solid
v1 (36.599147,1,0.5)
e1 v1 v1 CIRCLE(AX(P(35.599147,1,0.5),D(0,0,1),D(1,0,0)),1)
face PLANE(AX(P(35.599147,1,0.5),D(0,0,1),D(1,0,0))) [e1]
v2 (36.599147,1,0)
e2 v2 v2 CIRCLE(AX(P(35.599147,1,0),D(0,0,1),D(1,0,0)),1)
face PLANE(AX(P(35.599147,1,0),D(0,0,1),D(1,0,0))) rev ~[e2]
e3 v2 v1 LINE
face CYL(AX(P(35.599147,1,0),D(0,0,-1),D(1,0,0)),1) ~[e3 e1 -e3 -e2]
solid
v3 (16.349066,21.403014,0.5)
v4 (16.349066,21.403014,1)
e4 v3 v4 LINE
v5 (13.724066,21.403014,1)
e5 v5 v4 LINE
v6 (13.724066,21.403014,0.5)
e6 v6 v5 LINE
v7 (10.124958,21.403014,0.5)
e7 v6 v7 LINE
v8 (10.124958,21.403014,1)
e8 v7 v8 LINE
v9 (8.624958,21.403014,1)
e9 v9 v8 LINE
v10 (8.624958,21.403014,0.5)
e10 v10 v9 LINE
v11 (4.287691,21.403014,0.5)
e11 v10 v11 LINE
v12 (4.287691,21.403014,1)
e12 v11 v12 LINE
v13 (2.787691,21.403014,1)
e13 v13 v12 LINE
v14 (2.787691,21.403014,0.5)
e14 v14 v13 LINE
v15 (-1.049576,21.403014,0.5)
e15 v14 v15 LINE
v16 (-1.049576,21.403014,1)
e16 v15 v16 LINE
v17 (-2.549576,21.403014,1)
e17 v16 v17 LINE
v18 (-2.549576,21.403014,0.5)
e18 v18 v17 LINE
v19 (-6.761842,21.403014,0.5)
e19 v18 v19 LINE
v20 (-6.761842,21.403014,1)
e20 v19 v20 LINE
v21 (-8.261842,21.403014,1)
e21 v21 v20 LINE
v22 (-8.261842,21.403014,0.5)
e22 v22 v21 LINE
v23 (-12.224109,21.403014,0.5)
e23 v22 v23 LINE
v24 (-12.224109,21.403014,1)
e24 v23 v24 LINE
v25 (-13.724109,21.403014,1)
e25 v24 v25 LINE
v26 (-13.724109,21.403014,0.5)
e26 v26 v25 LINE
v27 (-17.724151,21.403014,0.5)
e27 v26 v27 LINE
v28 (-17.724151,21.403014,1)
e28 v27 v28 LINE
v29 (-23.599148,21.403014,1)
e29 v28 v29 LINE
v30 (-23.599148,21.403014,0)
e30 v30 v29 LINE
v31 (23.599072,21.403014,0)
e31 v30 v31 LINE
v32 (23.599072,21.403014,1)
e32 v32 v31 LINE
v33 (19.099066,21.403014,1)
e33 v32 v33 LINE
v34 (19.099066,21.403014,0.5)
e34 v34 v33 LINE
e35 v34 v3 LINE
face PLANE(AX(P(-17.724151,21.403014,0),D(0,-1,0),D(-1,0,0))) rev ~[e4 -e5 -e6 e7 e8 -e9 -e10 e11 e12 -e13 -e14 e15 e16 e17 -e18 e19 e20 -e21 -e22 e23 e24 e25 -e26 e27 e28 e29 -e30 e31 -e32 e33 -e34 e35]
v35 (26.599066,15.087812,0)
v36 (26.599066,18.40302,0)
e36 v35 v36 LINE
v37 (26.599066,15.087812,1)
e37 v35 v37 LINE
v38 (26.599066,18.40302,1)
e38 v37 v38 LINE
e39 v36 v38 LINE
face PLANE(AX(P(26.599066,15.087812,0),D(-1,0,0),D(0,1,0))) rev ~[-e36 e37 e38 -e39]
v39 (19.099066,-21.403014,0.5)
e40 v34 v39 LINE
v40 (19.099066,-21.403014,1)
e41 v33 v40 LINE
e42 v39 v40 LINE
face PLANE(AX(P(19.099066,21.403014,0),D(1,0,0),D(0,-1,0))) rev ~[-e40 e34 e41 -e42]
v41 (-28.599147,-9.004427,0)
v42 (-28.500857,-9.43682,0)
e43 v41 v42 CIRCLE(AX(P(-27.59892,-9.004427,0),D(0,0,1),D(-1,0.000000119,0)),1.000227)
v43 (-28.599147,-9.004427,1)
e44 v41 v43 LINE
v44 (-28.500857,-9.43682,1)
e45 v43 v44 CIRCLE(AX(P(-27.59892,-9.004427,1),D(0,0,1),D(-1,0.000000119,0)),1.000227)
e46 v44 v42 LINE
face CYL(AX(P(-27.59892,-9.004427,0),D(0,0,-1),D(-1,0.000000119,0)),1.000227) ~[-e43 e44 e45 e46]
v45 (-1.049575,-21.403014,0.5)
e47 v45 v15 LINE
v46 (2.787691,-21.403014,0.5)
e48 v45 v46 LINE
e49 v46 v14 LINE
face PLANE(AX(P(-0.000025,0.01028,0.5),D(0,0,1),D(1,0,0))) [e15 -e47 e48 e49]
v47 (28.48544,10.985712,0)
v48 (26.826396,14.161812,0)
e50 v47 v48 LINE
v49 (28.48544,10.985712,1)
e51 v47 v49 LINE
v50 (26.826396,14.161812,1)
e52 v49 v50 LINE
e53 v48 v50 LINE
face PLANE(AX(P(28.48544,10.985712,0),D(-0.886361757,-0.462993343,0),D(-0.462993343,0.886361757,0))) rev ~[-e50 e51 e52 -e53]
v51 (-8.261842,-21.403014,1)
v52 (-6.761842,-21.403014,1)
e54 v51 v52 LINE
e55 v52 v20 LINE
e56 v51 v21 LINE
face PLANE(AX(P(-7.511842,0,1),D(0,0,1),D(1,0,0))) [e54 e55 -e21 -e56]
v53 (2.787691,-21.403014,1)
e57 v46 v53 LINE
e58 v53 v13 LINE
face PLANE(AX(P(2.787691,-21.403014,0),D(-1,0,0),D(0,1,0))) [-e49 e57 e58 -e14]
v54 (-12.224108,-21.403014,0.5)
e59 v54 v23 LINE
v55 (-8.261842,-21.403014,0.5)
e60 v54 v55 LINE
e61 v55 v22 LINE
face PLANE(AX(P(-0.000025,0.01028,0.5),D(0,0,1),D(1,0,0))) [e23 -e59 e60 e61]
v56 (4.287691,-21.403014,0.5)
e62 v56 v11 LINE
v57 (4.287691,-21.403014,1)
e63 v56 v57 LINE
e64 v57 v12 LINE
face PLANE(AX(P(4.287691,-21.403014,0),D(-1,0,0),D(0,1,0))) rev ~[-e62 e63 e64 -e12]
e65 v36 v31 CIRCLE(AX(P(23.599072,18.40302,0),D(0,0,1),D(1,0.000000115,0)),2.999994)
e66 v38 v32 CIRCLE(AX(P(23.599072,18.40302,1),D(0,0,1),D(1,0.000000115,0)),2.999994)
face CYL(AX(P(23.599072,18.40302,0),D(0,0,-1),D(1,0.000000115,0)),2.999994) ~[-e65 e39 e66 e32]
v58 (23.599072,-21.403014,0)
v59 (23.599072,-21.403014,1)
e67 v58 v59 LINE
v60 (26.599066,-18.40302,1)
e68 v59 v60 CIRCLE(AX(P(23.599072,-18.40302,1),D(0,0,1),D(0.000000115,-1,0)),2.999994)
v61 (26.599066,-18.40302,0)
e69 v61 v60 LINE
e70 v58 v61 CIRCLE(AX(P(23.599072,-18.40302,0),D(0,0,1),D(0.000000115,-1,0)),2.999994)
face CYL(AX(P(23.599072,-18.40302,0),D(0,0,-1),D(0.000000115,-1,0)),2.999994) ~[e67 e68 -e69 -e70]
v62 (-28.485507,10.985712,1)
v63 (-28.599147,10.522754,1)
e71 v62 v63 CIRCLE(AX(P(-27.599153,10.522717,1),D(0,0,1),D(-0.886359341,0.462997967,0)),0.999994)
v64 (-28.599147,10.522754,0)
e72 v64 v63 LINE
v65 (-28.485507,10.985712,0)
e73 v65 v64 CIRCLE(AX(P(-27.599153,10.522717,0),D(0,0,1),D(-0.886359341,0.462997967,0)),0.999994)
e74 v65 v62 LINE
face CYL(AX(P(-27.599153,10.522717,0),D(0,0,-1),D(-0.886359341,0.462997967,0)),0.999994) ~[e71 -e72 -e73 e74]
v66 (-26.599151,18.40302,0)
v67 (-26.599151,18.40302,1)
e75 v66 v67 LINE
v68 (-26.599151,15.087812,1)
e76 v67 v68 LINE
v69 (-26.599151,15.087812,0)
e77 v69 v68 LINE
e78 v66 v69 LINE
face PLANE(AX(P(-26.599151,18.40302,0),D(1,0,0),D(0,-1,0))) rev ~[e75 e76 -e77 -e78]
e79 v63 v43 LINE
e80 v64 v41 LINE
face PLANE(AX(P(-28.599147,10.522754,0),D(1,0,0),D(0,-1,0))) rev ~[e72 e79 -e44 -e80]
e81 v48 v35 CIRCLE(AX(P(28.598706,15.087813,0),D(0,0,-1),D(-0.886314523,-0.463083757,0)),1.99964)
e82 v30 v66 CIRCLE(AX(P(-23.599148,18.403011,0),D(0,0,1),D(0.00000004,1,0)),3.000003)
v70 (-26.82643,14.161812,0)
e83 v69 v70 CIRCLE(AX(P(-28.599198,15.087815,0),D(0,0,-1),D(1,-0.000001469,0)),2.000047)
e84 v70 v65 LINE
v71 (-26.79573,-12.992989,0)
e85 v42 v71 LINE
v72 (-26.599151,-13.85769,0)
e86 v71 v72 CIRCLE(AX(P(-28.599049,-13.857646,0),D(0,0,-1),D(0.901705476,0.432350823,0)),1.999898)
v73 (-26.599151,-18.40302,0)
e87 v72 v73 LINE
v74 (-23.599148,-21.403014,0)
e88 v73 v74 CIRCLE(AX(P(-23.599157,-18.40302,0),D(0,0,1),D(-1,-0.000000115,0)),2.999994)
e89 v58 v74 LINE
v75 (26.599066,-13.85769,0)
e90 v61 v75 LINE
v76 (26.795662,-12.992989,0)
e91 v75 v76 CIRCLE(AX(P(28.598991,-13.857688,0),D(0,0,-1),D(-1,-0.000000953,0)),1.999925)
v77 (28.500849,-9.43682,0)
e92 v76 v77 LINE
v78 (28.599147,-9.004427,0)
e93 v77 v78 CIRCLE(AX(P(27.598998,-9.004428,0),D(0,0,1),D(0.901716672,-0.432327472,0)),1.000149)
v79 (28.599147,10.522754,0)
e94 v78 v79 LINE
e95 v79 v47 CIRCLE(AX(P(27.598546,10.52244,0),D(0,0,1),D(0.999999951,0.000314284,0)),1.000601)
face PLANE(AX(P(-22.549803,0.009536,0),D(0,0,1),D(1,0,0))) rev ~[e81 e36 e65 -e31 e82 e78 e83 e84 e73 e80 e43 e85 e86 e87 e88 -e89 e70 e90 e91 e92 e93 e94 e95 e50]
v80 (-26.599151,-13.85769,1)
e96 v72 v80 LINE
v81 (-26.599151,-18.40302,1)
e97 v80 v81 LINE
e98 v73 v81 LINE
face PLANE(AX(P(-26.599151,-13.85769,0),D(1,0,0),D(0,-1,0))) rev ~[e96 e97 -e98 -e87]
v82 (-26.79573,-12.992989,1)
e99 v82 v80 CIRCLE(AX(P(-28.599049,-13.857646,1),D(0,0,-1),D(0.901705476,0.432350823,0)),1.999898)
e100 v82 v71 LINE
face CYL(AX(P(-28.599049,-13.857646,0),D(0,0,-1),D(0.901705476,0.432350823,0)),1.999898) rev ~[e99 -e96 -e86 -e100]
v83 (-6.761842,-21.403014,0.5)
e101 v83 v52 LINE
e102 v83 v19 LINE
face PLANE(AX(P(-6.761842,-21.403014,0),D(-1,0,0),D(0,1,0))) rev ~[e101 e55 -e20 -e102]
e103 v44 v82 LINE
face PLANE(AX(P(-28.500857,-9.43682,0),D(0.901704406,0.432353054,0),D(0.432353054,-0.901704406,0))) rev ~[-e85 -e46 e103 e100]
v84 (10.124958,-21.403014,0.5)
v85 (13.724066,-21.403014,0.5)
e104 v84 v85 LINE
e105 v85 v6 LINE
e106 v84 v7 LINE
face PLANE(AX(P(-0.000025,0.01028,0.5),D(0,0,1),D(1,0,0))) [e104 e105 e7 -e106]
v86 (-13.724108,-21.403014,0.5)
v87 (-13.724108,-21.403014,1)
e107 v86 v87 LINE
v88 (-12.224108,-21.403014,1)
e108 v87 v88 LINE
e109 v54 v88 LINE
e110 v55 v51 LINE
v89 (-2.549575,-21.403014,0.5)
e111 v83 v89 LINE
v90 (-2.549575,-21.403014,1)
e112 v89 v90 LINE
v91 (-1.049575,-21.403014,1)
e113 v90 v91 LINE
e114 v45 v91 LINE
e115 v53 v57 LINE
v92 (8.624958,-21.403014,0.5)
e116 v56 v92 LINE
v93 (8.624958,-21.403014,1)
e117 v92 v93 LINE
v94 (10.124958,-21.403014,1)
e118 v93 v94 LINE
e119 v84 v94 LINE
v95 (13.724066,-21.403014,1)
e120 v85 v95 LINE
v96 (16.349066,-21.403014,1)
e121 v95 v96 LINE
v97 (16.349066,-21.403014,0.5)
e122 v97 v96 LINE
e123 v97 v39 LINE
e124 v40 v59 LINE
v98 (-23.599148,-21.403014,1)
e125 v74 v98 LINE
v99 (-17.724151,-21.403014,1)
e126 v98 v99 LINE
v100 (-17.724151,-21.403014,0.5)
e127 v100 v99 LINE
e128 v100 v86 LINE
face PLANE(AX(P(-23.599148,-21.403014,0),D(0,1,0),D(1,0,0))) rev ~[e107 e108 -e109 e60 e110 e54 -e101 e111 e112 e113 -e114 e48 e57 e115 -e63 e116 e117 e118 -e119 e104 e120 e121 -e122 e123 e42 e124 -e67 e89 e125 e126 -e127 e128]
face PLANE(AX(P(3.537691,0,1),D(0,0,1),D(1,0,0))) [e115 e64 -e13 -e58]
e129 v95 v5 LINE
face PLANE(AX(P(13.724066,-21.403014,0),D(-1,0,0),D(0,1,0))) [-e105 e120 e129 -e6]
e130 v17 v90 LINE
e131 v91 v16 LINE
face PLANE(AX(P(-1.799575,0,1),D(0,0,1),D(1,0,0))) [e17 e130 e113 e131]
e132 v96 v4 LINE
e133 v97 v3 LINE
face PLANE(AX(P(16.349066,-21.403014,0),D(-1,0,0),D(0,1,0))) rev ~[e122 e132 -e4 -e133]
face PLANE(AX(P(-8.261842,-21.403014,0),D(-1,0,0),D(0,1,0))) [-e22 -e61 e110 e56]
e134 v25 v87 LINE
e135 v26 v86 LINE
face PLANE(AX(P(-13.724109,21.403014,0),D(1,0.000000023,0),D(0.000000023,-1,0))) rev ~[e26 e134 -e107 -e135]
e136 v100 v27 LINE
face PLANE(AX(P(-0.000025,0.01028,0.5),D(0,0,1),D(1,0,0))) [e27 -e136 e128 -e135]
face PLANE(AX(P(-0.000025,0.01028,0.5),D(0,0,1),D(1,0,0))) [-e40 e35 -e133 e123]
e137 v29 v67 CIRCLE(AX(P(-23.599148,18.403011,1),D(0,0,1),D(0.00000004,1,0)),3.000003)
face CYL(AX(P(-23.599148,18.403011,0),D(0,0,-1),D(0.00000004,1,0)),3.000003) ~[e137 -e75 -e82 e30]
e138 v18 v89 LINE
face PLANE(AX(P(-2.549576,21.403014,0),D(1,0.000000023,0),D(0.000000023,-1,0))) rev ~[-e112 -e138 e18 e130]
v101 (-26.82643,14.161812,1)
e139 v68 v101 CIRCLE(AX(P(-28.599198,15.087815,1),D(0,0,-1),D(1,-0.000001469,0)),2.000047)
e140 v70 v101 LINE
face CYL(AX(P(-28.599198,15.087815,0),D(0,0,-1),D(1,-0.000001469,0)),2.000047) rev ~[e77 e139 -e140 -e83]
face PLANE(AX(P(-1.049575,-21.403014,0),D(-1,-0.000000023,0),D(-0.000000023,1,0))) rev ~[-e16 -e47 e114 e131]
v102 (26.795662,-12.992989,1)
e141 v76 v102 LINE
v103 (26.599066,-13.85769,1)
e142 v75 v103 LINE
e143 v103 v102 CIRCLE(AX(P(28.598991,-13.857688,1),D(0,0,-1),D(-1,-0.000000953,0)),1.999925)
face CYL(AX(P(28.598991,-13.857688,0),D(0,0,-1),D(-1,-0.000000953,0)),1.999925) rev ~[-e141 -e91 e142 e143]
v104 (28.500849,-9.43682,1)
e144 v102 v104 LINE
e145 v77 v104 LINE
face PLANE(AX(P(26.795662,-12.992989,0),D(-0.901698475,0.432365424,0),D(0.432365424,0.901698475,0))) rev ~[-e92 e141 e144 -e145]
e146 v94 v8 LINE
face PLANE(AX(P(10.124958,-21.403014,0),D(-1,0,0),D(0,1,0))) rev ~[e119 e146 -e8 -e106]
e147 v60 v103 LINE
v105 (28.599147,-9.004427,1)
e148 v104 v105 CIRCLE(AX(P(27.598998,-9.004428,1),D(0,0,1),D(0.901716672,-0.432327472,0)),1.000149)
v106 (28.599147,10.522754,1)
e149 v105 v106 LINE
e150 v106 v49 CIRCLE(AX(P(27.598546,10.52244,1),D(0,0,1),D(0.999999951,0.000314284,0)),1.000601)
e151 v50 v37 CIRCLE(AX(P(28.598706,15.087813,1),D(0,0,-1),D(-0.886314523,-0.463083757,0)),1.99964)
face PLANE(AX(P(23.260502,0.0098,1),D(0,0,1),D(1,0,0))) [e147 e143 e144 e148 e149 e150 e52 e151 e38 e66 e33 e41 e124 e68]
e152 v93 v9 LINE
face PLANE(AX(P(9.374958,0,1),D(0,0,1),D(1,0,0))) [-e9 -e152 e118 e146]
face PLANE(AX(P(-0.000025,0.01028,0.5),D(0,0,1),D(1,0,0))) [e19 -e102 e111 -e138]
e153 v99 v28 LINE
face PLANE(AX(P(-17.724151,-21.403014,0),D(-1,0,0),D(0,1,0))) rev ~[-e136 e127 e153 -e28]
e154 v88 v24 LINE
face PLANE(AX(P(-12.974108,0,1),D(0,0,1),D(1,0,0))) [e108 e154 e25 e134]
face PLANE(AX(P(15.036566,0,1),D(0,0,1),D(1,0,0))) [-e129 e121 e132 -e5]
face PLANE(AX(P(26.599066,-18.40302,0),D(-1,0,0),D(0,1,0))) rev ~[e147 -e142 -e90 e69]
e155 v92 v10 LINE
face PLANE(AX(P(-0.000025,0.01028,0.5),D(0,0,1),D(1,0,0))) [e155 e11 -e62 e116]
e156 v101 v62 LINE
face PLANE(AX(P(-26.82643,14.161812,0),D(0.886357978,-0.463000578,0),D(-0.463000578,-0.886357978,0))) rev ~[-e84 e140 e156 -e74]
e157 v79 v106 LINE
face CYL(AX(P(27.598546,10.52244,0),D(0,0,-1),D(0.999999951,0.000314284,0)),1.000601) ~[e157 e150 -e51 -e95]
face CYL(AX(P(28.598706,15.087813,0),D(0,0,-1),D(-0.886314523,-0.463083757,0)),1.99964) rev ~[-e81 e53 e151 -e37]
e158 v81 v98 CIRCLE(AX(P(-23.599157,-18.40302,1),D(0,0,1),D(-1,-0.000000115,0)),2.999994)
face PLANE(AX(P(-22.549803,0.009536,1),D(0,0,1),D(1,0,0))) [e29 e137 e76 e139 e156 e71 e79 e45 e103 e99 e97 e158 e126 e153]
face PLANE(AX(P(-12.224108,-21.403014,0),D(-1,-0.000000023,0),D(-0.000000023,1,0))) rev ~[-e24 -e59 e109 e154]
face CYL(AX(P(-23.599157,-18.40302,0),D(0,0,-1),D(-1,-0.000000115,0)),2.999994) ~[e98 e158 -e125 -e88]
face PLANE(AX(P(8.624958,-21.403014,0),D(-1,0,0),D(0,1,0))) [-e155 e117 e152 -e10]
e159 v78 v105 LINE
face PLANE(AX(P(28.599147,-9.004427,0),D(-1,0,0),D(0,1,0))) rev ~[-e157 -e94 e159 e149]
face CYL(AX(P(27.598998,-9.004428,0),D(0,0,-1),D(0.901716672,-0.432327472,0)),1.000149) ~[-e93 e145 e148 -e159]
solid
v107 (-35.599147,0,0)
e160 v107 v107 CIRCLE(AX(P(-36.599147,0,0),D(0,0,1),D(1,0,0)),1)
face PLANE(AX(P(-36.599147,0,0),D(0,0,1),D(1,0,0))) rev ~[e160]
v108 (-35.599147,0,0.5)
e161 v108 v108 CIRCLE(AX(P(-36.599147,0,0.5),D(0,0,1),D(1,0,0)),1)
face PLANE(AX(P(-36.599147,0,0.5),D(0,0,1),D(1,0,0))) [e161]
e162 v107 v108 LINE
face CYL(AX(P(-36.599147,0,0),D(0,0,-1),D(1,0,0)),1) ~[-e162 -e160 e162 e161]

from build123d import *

# Parameters (mm, degrees)
F5_DEPTH  = 1
F6_DEPTH  = 1
F4_W      = 1.5
F4_H      = 42.806028
F7_DEPTH  = 1
F8_DEPTH  = 1
F9_DEPTH  = 1
F10_DEPTH = 1
F4_W_2    = 2.625
F11_DEPTH = 1
F12_DEPTH = 1
F13_DEPTH = 0.5
F14_R     = 1
F15_DEPTH = 0.5


with BuildPart() as f5:
    # F4 (on Top) → F5 (new body)
    with BuildSketch(Plane.XY):
        with BuildLine():
            ThreePointArc((-26.79573, -12.992989), (-26.64891, -13.414307), (-26.599151, -13.85769))
            Line((-26.599151, -13.85769), (-26.599151, -18.40302))
            ThreePointArc((-26.599151, -18.40302), (-25.72047, -20.524339), (-23.599148, -21.403014))
            Line((-23.599148, -21.403014), (-17.724151, -21.403014))
            Line((-17.724151, -21.403014), (-17.724151, 21.403014))
            Line((-17.724151, 21.403014), (-23.599148, 21.403014))
            ThreePointArc((-23.599148, 21.403014), (-25.720467, 20.524337), (-26.599151, 18.40302))
            Line((-26.599151, 18.40302), (-26.599151, 15.087812))
            ThreePointArc((-26.599151, 15.087812), (-26.656802, 14.61107), (-26.82643, 14.161812))
            Line((-26.82643, 14.161812), (-28.485507, 10.985712))
            ThreePointArc((-28.485507, 10.985712), (-28.570317, 10.761104), (-28.599147, 10.522754))
            Line((-28.599147, 10.522754), (-28.599147, -9.004427))
            ThreePointArc((-28.599147, -9.004427), (-28.574265, -9.226139), (-28.500857, -9.43682))
            Line((-28.500857, -9.43682), (-26.79573, -12.992989))
        make_face()
    extrude(amount=F5_DEPTH)



with BuildPart() as f6:
    # F4 (on Top) → F6 (new body)
    with BuildSketch(Plane.XY):
        Polygon((-13.724109, 21.403014), (-13.724108, -21.403014), (-12.224108, -21.403014), (-12.224109, 21.403014), align=None)
    extrude(amount=F6_DEPTH)


with BuildPart() as f7:
    # F4 (on Top) → F7 (new body)
    with BuildSketch(Plane.XY):
        with Locations((-7.511842, 0)):
            Rectangle(F4_W, F4_H)
    extrude(amount=F7_DEPTH)


with BuildPart() as f8:
    # F4 (on Top) → F8 (new body)
    with BuildSketch(Plane.XY):
        Polygon((-2.549576, 21.403014), (-2.549575, -21.403014), (-1.049575, -21.403014), (-1.049576, 21.403014), align=None)
    extrude(amount=F8_DEPTH)


with BuildPart() as f9:
    # F4 (on Top) → F9 (new body)
    with BuildSketch(Plane.XY):
        with Locations((3.537691, 0)):
            Rectangle(F4_W, F4_H)
    extrude(amount=F9_DEPTH)


with BuildPart() as f10:
    # F4 (on Top) → F10 (new body)
    with BuildSketch(Plane.XY):
        with Locations((9.374958, 0)):
            Rectangle(F4_W, F4_H)
    extrude(amount=F10_DEPTH)


with BuildPart() as f11:
    # F4 (on Top) → F11 (new body)
    with BuildSketch(Plane.XY):
        with Locations((15.036566, 0)):
            Rectangle(F4_W_2, F4_H)
    extrude(amount=F11_DEPTH)


with BuildPart() as f12:
    # F4 (on Top) → F12 (new body)
    with BuildSketch(Plane.XY):
        with BuildLine():
            Line((19.099066, 21.403014), (19.099066, -21.403014))
            Line((19.099066, -21.403014), (23.599072, -21.403014))
            ThreePointArc((23.599072, -21.403014), (25.720388, -20.524336), (26.599066, -18.40302))
            Line((26.599066, -18.40302), (26.599066, -13.85769))
            ThreePointArc((26.599066, -13.85769), (26.648834, -13.414306), (26.795662, -12.992989))
            Line((26.795662, -12.992989), (28.500849, -9.43682))
            ThreePointArc((28.500849, -9.43682), (28.574263, -9.22614), (28.599147, -9.004427))
            Line((28.599147, -9.004427), (28.599147, 10.522754))
            ThreePointArc((28.599147, 10.522754), (28.570267, 10.761104), (28.48544, 10.985712))
            Line((28.48544, 10.985712), (26.826396, 14.161812))
            ThreePointArc((26.826396, 14.161812), (26.65673, 14.611064), (26.599066, 15.087812))
            Line((26.599066, 15.087812), (26.599066, 18.40302))
            ThreePointArc((26.599066, 18.40302), (25.720388, 20.524336), (23.599072, 21.403014))
            Line((23.599072, 21.403014), (19.099066, 21.403014))
        make_face()
    extrude(amount=F12_DEPTH)


with BuildPart() as f5_1:
    add(f5.part)

    add(f6.part)  # F13 merges F6

    add(f7.part)  # F13 merges F7

    add(f8.part)  # F13 merges F8

    add(f9.part)  # F13 merges F9

    add(f10.part)  # F13 merges F10

    add(f11.part)  # F13 merges F11

    add(f12.part)  # F13 merges F12
    # F1 (on Top) → F13 (join)
    with BuildSketch(Plane.XY):
        with BuildLine():
            ThreePointArc((-26.79573, -12.992989), (-26.64891, -13.414307), (-26.599151, -13.85769))
            Line((-26.599151, -13.85769), (-26.599151, -18.40302))
            ThreePointArc((-26.599151, -18.40302), (-25.72047, -20.524339), (-23.599148, -21.403014))
            Line((-23.599148, -21.403014), (23.599072, -21.403014))
            ThreePointArc((23.599072, -21.403014), (25.720388, -20.524336), (26.599066, -18.40302))
            Line((26.599066, -18.40302), (26.599066, -13.85769))
            ThreePointArc((26.599066, -13.85769), (26.648834, -13.414306), (26.795662, -12.992989))
            Line((26.795662, -12.992989), (28.500849, -9.43682))
            ThreePointArc((28.500849, -9.43682), (28.574263, -9.22614), (28.599147, -9.004427))
            Line((28.599147, -9.004427), (28.599147, 10.522754))
            ThreePointArc((28.599147, 10.522754), (28.570267, 10.761104), (28.48544, 10.985712))
            Line((28.48544, 10.985712), (26.826396, 14.161812))
            ThreePointArc((26.826396, 14.161812), (26.65673, 14.611064), (26.599066, 15.087812))
            Line((26.599066, 15.087812), (26.599066, 18.40302))
            ThreePointArc((26.599066, 18.40302), (25.720388, 20.524336), (23.599072, 21.403014))
            Line((23.599072, 21.403014), (-23.599148, 21.403014))
            ThreePointArc((-23.599148, 21.403014), (-25.720467, 20.524337), (-26.599151, 18.40302))
            Line((-26.599151, 18.40302), (-26.599151, 15.087812))
            ThreePointArc((-26.599151, 15.087812), (-26.656802, 14.61107), (-26.82643, 14.161812))
            Line((-26.82643, 14.161812), (-28.485507, 10.985712))
            ThreePointArc((-28.485507, 10.985712), (-28.570317, 10.761104), (-28.599147, 10.522754))
            Line((-28.599147, 10.522754), (-28.599147, -9.004427))
            ThreePointArc((-28.599147, -9.004427), (-28.574265, -9.226139), (-28.500857, -9.43682))
            Line((-28.500857, -9.43682), (-26.79573, -12.992989))
        make_face()
    extrude(amount=F13_DEPTH)


with BuildPart() as f15:
    # F14 (on Top) → F15 (new body)
    with BuildSketch(Plane.XY):
        with Locations((-36.599147, 0)):
            Circle(F14_R)
        with Locations((35.599147, 1)):
            Circle(F14_R)
    extrude(amount=F15_DEPTH)


solid = Compound([f5_1.part, f15.part])
